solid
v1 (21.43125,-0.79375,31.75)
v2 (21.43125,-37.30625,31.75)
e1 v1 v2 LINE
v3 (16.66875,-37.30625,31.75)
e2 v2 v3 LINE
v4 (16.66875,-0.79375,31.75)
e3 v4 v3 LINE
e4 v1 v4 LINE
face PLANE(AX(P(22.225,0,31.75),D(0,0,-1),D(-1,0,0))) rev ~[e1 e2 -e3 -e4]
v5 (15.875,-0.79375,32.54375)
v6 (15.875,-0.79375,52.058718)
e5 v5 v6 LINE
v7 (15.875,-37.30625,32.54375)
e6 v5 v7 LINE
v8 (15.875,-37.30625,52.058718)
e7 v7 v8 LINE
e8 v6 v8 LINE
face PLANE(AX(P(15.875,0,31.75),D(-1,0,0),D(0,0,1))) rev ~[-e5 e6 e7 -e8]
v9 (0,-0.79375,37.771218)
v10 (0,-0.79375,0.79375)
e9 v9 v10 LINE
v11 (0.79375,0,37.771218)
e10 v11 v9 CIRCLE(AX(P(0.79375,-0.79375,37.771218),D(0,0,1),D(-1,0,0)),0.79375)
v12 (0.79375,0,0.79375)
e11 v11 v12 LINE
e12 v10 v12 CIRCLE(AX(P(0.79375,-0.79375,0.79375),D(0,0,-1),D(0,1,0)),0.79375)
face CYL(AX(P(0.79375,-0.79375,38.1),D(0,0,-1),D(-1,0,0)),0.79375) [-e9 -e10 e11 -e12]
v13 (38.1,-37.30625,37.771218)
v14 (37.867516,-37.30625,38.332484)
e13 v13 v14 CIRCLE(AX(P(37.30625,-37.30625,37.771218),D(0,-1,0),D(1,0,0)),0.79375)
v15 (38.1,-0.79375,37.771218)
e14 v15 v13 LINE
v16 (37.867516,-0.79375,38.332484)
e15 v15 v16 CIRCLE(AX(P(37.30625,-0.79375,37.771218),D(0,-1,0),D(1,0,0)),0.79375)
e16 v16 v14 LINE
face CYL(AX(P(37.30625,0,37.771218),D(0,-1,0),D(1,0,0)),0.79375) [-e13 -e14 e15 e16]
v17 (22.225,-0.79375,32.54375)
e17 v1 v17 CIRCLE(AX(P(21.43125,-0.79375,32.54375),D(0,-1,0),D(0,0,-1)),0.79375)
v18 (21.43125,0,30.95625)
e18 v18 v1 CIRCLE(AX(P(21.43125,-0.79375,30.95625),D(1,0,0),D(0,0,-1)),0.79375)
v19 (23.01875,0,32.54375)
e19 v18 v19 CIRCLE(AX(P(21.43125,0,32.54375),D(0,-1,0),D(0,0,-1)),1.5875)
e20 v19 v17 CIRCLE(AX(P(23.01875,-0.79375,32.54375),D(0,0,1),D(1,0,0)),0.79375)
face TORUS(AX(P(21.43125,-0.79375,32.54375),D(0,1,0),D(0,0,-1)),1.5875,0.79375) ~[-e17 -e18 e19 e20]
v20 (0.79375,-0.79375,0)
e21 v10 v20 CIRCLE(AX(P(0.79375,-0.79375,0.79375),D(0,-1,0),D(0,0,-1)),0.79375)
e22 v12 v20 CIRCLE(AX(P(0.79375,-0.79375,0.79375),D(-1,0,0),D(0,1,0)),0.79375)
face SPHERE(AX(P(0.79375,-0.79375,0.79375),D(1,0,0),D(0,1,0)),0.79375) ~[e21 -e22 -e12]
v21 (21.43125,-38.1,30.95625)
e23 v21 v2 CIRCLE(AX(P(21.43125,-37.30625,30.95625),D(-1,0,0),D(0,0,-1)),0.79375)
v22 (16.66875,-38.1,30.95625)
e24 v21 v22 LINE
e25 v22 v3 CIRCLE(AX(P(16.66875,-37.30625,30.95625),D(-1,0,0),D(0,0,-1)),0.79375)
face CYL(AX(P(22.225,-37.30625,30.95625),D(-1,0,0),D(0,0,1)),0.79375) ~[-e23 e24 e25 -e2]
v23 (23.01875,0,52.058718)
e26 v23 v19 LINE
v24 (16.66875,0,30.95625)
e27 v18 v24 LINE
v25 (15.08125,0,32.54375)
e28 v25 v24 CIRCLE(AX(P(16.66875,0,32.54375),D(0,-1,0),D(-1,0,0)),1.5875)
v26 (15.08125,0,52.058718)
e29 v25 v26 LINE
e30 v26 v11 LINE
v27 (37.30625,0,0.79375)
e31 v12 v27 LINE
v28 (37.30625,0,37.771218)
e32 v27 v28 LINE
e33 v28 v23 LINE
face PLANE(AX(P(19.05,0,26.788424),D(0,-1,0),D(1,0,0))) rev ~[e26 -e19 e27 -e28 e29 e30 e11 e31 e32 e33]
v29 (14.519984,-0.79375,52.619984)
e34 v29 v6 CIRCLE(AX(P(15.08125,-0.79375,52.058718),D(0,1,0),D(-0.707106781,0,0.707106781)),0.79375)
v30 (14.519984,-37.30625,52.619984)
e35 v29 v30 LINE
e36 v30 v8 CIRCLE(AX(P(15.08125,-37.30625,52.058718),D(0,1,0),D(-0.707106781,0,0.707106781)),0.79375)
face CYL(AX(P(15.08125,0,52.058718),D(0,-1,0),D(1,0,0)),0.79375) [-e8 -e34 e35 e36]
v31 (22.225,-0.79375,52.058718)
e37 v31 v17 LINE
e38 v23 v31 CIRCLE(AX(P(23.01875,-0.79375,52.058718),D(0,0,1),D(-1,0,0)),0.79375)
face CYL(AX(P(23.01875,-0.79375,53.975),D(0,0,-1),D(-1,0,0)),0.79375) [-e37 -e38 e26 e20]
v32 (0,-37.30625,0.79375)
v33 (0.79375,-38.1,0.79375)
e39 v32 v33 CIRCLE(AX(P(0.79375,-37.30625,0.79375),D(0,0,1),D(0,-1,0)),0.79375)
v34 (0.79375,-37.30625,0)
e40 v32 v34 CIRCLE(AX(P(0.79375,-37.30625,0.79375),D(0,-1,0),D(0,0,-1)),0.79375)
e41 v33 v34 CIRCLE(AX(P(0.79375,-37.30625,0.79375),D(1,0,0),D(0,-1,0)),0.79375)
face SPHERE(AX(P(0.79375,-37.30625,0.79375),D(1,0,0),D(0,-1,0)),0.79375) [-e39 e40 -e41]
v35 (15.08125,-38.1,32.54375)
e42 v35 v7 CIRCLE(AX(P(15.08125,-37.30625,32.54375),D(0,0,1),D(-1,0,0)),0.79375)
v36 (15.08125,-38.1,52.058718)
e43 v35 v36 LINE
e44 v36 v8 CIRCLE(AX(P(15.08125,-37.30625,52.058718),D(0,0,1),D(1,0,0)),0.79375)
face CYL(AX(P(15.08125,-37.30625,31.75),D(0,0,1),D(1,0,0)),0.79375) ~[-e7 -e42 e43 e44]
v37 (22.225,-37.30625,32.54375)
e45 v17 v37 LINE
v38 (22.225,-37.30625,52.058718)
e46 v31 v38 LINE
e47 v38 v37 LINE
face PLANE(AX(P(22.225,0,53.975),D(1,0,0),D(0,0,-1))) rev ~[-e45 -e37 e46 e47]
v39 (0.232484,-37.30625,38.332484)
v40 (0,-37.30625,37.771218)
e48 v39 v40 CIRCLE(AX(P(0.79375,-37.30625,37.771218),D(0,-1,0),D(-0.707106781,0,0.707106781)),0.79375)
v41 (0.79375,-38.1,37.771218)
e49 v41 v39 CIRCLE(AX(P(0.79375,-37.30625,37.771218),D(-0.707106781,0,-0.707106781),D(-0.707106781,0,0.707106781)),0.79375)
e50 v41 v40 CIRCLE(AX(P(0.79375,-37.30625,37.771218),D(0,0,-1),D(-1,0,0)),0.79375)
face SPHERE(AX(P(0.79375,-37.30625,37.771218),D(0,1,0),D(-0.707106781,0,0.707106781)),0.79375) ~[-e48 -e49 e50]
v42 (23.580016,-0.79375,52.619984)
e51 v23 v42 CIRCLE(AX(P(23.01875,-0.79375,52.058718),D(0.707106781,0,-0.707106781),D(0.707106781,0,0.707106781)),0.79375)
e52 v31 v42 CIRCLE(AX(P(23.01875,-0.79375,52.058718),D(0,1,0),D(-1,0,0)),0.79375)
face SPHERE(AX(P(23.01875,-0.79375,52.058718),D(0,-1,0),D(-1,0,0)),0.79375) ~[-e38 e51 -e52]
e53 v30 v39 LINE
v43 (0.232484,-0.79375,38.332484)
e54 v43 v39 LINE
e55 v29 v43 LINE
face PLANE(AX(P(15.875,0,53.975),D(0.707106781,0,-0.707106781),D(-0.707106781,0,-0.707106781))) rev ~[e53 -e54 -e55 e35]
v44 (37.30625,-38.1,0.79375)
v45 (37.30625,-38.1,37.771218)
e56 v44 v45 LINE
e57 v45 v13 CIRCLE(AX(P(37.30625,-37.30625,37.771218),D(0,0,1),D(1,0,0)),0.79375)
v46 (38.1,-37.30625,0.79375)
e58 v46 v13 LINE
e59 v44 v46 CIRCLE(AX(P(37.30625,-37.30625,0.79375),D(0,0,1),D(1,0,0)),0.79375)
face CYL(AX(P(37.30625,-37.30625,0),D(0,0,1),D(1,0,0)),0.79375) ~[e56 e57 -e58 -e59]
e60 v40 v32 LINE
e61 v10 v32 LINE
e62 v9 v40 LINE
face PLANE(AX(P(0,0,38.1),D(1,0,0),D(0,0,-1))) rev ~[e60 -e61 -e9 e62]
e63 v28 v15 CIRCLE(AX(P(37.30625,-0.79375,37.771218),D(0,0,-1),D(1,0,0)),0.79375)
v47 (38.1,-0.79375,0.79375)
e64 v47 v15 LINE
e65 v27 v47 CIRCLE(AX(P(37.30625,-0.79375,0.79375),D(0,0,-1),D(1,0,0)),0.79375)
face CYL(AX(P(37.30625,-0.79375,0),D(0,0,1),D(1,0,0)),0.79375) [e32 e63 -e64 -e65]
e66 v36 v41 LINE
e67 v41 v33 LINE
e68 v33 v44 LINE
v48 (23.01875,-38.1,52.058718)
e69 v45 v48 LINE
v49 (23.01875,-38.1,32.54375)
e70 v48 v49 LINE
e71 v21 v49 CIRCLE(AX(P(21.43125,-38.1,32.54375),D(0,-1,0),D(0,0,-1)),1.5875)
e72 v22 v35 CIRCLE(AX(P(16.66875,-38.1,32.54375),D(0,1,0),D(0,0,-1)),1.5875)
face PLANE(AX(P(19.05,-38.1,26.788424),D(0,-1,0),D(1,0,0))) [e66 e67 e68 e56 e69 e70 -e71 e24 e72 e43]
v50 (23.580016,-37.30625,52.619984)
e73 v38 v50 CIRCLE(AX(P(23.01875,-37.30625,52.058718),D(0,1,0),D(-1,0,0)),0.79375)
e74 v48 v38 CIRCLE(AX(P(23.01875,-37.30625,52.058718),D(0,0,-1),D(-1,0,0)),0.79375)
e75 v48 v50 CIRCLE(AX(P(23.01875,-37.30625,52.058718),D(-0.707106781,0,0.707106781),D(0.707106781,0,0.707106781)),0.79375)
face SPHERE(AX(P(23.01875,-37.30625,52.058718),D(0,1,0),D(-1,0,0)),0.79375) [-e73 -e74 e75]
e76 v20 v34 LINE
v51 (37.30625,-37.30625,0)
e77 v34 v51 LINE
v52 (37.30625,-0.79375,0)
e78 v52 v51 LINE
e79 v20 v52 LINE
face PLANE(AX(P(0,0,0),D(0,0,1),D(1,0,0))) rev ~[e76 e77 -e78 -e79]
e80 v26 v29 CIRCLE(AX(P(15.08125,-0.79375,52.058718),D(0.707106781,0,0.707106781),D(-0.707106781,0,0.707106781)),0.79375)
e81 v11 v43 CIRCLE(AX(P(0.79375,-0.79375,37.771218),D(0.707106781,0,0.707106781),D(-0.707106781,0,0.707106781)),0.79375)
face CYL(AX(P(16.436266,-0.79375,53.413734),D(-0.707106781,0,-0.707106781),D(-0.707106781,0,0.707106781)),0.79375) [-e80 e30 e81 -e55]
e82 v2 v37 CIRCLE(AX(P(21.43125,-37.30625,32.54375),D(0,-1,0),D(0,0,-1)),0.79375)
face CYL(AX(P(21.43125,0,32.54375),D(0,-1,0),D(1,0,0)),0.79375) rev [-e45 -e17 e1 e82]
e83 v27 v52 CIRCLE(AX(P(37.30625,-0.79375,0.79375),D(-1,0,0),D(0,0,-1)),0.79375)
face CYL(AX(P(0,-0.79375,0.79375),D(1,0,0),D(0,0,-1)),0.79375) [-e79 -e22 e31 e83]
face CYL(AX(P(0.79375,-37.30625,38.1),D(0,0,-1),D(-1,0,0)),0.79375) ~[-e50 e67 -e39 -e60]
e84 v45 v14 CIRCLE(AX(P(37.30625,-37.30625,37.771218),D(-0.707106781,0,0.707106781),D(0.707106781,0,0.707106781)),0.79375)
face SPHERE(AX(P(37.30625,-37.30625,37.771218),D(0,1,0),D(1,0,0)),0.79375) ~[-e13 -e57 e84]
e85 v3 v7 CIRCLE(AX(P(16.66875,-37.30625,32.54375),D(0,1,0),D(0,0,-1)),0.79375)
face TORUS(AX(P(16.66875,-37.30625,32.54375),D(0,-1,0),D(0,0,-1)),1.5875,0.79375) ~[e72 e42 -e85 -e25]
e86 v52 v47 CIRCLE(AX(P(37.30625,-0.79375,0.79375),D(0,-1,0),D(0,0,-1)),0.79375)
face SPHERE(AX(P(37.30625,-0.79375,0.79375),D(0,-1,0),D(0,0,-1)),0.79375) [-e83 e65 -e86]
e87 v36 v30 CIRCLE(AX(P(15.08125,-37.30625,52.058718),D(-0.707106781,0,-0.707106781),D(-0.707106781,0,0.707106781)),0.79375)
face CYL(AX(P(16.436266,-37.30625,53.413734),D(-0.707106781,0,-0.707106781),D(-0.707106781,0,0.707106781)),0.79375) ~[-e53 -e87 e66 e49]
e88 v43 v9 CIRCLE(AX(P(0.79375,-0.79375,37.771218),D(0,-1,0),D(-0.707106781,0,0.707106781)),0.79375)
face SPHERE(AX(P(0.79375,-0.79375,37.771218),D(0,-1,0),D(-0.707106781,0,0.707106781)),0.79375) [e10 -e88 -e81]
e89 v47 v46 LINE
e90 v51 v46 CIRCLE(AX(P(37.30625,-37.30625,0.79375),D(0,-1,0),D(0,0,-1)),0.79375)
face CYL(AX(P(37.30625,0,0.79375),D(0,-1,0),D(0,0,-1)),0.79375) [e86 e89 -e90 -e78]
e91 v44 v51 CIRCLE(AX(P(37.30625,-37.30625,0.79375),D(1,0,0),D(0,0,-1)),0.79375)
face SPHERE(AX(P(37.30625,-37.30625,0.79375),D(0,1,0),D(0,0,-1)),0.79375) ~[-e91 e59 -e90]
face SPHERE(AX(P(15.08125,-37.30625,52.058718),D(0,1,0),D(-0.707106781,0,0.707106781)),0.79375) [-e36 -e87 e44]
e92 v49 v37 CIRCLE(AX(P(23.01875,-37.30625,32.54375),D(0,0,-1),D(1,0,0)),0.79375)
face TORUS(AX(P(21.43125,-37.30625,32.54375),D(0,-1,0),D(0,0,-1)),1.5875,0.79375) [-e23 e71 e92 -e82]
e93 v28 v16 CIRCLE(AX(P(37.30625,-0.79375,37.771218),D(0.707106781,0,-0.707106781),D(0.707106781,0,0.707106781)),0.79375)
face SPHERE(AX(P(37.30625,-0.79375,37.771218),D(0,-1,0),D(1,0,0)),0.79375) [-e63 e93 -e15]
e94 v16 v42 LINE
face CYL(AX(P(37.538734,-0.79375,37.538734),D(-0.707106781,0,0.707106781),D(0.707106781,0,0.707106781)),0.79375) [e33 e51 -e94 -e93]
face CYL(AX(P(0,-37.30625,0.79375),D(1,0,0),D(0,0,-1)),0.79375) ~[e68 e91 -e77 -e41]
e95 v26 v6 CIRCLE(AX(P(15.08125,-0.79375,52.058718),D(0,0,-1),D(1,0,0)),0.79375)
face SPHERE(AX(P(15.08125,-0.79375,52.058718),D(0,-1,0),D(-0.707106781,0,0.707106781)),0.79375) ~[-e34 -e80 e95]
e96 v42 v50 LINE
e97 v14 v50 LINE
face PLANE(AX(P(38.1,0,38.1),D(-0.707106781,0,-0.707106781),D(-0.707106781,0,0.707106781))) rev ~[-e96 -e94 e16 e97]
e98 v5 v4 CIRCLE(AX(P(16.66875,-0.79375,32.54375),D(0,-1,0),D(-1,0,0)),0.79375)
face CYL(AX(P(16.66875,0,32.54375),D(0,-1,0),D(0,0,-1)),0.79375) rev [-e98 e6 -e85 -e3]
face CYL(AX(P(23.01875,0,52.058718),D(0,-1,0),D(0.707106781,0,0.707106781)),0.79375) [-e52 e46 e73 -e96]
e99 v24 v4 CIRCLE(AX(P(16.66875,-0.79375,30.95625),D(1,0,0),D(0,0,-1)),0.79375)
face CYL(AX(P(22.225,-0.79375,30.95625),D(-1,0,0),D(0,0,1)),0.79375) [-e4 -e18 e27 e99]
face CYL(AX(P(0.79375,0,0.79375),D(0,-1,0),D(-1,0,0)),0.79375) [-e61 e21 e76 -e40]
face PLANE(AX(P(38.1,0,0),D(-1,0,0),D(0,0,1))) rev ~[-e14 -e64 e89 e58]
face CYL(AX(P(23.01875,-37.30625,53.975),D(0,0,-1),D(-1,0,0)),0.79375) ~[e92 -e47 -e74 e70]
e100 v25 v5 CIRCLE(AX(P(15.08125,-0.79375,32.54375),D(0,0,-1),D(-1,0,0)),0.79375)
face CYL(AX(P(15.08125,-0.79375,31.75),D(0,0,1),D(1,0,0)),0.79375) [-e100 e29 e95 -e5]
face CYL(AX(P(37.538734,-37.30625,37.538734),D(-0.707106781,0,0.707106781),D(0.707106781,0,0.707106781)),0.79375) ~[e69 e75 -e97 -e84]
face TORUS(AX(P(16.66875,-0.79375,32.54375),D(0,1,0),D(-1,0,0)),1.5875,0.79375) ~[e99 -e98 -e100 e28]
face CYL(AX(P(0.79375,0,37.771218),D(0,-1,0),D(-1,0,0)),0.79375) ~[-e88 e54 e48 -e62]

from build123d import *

# Parameters (mm, degrees)
F1_DEPTH = 38.1
F2_R     = 0.79375


with BuildPart() as f1:
    # F0 (on Front) → F1 (new body)
    with BuildSketch(Plane.XZ):
        Polygon((0, 38.1), (0, 0), (38.1, 0), (38.1, 38.1), (22.225, 53.975), (22.225, 31.75), (19.05, 31.75), (15.875, 31.75), (15.875, 53.975), align=None)
    extrude(amount=F1_DEPTH)

    # F2
    f2_edges = [f1.edges().sort_by_distance(p)[0] for p in [
        (30.1625, -38.1, 46.0375),
        (30.1625, 0, 46.0375),
        (22.225, -19.05, 53.975),
        (15.875, -19.05, 53.975),
        (15.875, -19.05, 31.75),
        (38.1, -19.05, 0),
        (38.1, -19.05, 38.1),
        (0, -19.05, 38.1),
        (7.9375, -38.1, 46.0375),
        (7.9375, 0, 46.0375),
        (19.05, -38.1, 0),
        (38.1, -38.1, 19.05),
        (19.05, 0, 0),
        (19.05, -38.1, 31.75),
        (15.875, 0, 42.8625),
        (15.875, -38.1, 42.8625),
        (19.05, 0, 31.75),
        (22.225, -38.1, 42.8625),
        (22.225, 0, 42.8625),
        (38.1, 0, 19.05),
        (0, -38.1, 19.05),
        (0, 0, 19.05),
        (22.225, -19.05, 31.75),
        (0, -19.05, 0),
    ]]
    fillet(f2_edges, radius=F2_R)


solid = f1.part
